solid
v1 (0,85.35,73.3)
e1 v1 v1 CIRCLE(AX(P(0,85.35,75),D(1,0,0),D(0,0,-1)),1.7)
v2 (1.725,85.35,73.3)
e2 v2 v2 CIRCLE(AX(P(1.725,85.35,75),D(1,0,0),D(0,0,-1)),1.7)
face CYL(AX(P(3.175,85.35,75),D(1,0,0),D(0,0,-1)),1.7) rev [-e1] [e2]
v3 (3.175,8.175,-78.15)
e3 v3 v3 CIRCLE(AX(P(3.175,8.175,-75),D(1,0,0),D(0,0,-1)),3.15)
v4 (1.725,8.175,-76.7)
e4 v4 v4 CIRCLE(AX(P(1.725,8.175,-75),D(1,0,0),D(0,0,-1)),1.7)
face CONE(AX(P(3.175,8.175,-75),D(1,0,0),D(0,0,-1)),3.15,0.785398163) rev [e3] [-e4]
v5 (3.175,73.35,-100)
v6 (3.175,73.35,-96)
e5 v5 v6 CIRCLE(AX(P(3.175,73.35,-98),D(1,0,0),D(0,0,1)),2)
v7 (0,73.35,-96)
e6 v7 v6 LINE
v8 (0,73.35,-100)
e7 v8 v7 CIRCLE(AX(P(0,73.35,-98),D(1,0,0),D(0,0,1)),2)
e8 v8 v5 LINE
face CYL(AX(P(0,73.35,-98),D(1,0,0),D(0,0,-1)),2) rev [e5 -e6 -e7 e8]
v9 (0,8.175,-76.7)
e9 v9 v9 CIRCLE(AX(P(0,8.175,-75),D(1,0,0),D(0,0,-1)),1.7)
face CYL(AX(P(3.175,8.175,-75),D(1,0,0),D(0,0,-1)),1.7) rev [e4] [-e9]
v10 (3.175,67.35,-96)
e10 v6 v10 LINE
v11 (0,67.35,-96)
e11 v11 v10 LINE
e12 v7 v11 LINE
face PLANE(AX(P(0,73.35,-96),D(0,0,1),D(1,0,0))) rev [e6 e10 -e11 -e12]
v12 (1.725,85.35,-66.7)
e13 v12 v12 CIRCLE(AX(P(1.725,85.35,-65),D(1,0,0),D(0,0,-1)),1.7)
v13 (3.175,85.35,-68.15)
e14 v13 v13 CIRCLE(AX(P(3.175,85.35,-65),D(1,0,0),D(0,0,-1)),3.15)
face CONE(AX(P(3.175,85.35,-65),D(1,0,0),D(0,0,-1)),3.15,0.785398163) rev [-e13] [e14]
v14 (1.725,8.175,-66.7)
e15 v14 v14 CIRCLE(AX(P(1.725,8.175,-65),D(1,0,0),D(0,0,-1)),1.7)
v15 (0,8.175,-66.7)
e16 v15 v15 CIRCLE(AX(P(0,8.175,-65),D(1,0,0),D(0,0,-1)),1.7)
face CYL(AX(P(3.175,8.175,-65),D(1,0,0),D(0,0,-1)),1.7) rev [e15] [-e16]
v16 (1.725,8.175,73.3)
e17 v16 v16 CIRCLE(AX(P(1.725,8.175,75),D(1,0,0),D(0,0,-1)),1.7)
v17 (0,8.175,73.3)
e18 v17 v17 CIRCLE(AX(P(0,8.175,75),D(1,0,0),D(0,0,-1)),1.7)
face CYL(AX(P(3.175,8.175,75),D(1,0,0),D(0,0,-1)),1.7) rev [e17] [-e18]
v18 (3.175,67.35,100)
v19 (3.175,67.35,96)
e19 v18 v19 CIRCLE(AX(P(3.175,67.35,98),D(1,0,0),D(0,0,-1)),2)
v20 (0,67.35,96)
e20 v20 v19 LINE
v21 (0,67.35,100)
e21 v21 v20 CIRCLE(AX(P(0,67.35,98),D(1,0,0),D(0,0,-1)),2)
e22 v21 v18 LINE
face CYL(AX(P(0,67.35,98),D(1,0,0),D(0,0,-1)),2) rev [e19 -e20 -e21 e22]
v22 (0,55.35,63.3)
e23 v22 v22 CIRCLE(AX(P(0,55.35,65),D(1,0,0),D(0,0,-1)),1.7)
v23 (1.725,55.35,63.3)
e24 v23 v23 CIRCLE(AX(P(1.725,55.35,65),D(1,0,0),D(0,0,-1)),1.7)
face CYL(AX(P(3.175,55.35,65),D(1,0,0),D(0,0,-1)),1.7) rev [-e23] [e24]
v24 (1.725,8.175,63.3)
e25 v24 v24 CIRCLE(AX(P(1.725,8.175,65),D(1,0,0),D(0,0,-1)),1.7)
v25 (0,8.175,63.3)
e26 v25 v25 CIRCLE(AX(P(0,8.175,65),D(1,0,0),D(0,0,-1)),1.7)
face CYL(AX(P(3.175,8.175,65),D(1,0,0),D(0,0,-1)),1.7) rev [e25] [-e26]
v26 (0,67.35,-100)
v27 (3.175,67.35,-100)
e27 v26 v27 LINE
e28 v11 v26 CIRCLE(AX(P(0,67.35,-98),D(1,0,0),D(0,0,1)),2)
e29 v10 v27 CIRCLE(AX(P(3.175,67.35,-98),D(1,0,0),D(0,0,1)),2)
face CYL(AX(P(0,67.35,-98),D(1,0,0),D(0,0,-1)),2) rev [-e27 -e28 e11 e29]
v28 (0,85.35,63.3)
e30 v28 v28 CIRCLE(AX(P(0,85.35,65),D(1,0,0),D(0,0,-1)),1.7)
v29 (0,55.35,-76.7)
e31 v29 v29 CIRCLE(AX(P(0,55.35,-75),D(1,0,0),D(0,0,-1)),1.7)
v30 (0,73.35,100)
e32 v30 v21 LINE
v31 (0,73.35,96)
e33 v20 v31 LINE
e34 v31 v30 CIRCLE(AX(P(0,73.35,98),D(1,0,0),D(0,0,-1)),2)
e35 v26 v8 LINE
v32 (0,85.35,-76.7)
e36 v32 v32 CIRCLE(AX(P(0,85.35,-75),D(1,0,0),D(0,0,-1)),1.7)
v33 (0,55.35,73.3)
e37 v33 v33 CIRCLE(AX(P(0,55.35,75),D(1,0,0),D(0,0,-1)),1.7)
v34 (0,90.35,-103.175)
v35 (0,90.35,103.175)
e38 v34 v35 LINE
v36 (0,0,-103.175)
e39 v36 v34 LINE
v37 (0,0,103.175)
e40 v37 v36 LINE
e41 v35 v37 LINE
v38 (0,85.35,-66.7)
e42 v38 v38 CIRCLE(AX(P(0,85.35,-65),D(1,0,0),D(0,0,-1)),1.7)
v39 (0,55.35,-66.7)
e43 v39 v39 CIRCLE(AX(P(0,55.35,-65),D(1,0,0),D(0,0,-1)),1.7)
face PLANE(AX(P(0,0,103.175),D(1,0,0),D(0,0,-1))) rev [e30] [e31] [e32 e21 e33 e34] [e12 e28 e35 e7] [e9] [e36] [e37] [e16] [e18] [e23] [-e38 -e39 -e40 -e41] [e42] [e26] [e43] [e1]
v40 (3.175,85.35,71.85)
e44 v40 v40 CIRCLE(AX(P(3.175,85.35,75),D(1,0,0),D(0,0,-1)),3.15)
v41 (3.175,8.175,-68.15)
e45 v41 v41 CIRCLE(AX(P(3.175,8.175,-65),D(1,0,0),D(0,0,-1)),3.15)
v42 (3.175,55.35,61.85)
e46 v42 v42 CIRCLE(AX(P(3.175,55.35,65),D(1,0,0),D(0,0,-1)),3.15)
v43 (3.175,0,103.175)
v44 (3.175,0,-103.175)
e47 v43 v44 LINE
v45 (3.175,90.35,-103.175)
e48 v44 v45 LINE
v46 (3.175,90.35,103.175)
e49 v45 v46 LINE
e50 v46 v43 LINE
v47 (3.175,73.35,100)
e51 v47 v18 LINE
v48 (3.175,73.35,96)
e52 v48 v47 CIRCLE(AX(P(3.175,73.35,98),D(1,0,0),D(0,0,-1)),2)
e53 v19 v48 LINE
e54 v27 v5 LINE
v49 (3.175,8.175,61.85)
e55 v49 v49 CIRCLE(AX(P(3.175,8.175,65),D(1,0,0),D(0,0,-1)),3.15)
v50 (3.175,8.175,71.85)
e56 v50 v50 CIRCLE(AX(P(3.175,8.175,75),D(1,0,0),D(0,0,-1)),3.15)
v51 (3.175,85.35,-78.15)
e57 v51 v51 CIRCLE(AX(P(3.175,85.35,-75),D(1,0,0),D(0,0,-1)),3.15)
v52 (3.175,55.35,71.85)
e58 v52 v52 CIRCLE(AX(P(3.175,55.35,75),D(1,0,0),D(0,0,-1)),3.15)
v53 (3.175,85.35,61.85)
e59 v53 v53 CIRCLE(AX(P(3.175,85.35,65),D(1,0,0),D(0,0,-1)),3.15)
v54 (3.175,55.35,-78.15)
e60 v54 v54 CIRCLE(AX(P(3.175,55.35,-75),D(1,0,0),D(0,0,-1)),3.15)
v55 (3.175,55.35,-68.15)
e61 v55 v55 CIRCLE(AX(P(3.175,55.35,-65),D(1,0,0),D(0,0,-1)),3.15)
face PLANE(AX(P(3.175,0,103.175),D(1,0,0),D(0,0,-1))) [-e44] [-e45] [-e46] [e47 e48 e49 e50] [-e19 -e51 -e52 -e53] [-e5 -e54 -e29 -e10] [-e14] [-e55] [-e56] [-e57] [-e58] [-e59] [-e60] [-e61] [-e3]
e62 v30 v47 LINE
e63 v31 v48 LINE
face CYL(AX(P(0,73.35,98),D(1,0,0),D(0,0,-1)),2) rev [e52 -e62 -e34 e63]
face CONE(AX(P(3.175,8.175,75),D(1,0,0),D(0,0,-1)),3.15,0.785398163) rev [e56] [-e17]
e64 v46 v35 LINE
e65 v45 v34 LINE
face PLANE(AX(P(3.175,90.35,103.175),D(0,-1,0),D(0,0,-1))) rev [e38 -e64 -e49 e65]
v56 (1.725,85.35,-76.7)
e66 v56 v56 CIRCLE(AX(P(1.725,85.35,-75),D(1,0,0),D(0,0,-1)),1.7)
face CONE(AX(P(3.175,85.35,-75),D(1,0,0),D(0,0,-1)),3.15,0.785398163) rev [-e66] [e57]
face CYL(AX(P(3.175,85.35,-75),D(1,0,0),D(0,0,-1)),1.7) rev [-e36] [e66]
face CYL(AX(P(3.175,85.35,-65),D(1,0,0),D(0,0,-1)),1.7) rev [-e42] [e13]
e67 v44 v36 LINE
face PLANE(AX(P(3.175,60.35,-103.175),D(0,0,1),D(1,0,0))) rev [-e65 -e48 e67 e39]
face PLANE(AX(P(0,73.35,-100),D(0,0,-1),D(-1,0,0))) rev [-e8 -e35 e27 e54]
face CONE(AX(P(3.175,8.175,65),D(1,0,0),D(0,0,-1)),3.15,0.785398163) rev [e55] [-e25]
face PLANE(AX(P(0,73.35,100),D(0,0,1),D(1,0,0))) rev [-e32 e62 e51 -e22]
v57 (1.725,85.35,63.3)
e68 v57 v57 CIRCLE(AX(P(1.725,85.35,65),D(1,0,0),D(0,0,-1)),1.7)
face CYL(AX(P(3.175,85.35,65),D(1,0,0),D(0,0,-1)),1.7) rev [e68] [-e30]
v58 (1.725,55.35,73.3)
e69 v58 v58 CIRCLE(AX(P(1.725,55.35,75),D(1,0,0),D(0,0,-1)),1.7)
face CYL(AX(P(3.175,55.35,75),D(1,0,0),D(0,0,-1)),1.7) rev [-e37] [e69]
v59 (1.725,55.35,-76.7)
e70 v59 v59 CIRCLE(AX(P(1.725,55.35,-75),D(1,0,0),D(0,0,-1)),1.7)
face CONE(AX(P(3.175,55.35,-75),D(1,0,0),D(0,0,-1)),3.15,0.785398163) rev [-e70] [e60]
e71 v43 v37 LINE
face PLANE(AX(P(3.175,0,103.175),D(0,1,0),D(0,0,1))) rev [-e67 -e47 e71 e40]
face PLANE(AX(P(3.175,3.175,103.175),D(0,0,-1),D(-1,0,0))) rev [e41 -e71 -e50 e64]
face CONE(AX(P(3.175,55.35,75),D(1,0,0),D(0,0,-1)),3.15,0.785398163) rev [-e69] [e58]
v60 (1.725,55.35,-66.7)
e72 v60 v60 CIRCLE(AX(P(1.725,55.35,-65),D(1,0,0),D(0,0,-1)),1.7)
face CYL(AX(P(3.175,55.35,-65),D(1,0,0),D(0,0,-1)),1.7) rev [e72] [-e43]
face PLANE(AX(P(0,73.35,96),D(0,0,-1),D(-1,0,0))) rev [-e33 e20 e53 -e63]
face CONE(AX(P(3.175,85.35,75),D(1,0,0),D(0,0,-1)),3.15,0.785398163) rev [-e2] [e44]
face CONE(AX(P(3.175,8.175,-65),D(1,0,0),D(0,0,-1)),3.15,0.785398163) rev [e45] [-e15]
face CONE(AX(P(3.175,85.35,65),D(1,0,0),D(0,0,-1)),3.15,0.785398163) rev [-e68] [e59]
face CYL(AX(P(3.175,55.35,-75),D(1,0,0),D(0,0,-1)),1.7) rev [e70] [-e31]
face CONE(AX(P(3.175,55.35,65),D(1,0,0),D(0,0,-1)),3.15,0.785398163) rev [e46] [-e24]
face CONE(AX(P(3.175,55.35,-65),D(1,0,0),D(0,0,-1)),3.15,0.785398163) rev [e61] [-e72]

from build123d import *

# Parameters (mm, degrees)
BOSS_EXTRUDE1_DEPTH                             = 3.175
CSK_FOR_M3_FLAT_HEAD_MACHINE_SCREW1_D           = 3.4
CSK_FOR_M3_FLAT_HEAD_MACHINE_SCREW1_CSINK_D     = 6.3
CSK_FOR_M3_FLAT_HEAD_MACHINE_SCREW1_CSINK_ANGLE = 90
CUT_EXTRUDE1_DEPTH                              = 4.175


with BuildPart() as part:
    # Sketch1 → Boss-Extrude1 (new body)
    with BuildSketch(Plane(origin=(0, 0, 0), x_dir=(0, 0, -1), z_dir=(1, 0, 0))):
        Polygon((103.175, 0), (103.175, 3.175), (103.175, 47.175), (103.175, 50.35), (103.175, 60.35), (103.175, 90.35), (-103.175, 90.35), (-103.175, 60.35), (-103.175, 50.35), (-103.175, 47.175), (-103.175, 3.175), (-103.175, 0), align=None)
    extrude(amount=BOSS_EXTRUDE1_DEPTH)

    # CSK for M3 Flat Head Machine Screw1 (through all)
    with Locations(Plane(origin=(3.175, 0, 0), x_dir=(0, 0, -1), z_dir=(1, 0, 0))):
        with Locations((-75, 8.175), (-65, 8.175), (-75, 55.35), (-65, 55.35), (-75, 85.35), (-65, 85.35)):
            csk_for_m3_flat_head_machine_screw1 = CounterSinkHole(CSK_FOR_M3_FLAT_HEAD_MACHINE_SCREW1_D / 2, CSK_FOR_M3_FLAT_HEAD_MACHINE_SCREW1_CSINK_D / 2, counter_sink_angle=CSK_FOR_M3_FLAT_HEAD_MACHINE_SCREW1_CSINK_ANGLE)

    # Mirror1: CSK for M3 Flat Head Machine Screw1 across plane
    add(csk_for_m3_flat_head_machine_screw1.mirror(Plane.XY), mode=Mode.SUBTRACT)

    # Sketch4 → Cut-Extrude1 (cut, through all)
    with BuildSketch(Plane(origin=(3.175, 0, 0), x_dir=(0, 0, -1), z_dir=(1, 0, 0))):
        with BuildLine():
            Line((-96, 73.35), (-96, 67.35))
            ThreePointArc((-96, 67.35), (-98, 65.35), (-100, 67.35))
            Line((-100, 67.35), (-100, 73.35))
            ThreePointArc((-100, 73.35), (-98, 75.35), (-96, 73.35))
        make_face()
        with BuildLine():
            Line((96, 73.35), (96, 67.35))
            ThreePointArc((96, 67.35), (98, 65.35), (100, 67.35))
            Line((100, 67.35), (100, 73.35))
            ThreePointArc((100, 73.35), (98, 75.35), (96, 73.35))
        make_face()
    extrude(amount=-CUT_EXTRUDE1_DEPTH, mode=Mode.SUBTRACT)


solid = part.part
